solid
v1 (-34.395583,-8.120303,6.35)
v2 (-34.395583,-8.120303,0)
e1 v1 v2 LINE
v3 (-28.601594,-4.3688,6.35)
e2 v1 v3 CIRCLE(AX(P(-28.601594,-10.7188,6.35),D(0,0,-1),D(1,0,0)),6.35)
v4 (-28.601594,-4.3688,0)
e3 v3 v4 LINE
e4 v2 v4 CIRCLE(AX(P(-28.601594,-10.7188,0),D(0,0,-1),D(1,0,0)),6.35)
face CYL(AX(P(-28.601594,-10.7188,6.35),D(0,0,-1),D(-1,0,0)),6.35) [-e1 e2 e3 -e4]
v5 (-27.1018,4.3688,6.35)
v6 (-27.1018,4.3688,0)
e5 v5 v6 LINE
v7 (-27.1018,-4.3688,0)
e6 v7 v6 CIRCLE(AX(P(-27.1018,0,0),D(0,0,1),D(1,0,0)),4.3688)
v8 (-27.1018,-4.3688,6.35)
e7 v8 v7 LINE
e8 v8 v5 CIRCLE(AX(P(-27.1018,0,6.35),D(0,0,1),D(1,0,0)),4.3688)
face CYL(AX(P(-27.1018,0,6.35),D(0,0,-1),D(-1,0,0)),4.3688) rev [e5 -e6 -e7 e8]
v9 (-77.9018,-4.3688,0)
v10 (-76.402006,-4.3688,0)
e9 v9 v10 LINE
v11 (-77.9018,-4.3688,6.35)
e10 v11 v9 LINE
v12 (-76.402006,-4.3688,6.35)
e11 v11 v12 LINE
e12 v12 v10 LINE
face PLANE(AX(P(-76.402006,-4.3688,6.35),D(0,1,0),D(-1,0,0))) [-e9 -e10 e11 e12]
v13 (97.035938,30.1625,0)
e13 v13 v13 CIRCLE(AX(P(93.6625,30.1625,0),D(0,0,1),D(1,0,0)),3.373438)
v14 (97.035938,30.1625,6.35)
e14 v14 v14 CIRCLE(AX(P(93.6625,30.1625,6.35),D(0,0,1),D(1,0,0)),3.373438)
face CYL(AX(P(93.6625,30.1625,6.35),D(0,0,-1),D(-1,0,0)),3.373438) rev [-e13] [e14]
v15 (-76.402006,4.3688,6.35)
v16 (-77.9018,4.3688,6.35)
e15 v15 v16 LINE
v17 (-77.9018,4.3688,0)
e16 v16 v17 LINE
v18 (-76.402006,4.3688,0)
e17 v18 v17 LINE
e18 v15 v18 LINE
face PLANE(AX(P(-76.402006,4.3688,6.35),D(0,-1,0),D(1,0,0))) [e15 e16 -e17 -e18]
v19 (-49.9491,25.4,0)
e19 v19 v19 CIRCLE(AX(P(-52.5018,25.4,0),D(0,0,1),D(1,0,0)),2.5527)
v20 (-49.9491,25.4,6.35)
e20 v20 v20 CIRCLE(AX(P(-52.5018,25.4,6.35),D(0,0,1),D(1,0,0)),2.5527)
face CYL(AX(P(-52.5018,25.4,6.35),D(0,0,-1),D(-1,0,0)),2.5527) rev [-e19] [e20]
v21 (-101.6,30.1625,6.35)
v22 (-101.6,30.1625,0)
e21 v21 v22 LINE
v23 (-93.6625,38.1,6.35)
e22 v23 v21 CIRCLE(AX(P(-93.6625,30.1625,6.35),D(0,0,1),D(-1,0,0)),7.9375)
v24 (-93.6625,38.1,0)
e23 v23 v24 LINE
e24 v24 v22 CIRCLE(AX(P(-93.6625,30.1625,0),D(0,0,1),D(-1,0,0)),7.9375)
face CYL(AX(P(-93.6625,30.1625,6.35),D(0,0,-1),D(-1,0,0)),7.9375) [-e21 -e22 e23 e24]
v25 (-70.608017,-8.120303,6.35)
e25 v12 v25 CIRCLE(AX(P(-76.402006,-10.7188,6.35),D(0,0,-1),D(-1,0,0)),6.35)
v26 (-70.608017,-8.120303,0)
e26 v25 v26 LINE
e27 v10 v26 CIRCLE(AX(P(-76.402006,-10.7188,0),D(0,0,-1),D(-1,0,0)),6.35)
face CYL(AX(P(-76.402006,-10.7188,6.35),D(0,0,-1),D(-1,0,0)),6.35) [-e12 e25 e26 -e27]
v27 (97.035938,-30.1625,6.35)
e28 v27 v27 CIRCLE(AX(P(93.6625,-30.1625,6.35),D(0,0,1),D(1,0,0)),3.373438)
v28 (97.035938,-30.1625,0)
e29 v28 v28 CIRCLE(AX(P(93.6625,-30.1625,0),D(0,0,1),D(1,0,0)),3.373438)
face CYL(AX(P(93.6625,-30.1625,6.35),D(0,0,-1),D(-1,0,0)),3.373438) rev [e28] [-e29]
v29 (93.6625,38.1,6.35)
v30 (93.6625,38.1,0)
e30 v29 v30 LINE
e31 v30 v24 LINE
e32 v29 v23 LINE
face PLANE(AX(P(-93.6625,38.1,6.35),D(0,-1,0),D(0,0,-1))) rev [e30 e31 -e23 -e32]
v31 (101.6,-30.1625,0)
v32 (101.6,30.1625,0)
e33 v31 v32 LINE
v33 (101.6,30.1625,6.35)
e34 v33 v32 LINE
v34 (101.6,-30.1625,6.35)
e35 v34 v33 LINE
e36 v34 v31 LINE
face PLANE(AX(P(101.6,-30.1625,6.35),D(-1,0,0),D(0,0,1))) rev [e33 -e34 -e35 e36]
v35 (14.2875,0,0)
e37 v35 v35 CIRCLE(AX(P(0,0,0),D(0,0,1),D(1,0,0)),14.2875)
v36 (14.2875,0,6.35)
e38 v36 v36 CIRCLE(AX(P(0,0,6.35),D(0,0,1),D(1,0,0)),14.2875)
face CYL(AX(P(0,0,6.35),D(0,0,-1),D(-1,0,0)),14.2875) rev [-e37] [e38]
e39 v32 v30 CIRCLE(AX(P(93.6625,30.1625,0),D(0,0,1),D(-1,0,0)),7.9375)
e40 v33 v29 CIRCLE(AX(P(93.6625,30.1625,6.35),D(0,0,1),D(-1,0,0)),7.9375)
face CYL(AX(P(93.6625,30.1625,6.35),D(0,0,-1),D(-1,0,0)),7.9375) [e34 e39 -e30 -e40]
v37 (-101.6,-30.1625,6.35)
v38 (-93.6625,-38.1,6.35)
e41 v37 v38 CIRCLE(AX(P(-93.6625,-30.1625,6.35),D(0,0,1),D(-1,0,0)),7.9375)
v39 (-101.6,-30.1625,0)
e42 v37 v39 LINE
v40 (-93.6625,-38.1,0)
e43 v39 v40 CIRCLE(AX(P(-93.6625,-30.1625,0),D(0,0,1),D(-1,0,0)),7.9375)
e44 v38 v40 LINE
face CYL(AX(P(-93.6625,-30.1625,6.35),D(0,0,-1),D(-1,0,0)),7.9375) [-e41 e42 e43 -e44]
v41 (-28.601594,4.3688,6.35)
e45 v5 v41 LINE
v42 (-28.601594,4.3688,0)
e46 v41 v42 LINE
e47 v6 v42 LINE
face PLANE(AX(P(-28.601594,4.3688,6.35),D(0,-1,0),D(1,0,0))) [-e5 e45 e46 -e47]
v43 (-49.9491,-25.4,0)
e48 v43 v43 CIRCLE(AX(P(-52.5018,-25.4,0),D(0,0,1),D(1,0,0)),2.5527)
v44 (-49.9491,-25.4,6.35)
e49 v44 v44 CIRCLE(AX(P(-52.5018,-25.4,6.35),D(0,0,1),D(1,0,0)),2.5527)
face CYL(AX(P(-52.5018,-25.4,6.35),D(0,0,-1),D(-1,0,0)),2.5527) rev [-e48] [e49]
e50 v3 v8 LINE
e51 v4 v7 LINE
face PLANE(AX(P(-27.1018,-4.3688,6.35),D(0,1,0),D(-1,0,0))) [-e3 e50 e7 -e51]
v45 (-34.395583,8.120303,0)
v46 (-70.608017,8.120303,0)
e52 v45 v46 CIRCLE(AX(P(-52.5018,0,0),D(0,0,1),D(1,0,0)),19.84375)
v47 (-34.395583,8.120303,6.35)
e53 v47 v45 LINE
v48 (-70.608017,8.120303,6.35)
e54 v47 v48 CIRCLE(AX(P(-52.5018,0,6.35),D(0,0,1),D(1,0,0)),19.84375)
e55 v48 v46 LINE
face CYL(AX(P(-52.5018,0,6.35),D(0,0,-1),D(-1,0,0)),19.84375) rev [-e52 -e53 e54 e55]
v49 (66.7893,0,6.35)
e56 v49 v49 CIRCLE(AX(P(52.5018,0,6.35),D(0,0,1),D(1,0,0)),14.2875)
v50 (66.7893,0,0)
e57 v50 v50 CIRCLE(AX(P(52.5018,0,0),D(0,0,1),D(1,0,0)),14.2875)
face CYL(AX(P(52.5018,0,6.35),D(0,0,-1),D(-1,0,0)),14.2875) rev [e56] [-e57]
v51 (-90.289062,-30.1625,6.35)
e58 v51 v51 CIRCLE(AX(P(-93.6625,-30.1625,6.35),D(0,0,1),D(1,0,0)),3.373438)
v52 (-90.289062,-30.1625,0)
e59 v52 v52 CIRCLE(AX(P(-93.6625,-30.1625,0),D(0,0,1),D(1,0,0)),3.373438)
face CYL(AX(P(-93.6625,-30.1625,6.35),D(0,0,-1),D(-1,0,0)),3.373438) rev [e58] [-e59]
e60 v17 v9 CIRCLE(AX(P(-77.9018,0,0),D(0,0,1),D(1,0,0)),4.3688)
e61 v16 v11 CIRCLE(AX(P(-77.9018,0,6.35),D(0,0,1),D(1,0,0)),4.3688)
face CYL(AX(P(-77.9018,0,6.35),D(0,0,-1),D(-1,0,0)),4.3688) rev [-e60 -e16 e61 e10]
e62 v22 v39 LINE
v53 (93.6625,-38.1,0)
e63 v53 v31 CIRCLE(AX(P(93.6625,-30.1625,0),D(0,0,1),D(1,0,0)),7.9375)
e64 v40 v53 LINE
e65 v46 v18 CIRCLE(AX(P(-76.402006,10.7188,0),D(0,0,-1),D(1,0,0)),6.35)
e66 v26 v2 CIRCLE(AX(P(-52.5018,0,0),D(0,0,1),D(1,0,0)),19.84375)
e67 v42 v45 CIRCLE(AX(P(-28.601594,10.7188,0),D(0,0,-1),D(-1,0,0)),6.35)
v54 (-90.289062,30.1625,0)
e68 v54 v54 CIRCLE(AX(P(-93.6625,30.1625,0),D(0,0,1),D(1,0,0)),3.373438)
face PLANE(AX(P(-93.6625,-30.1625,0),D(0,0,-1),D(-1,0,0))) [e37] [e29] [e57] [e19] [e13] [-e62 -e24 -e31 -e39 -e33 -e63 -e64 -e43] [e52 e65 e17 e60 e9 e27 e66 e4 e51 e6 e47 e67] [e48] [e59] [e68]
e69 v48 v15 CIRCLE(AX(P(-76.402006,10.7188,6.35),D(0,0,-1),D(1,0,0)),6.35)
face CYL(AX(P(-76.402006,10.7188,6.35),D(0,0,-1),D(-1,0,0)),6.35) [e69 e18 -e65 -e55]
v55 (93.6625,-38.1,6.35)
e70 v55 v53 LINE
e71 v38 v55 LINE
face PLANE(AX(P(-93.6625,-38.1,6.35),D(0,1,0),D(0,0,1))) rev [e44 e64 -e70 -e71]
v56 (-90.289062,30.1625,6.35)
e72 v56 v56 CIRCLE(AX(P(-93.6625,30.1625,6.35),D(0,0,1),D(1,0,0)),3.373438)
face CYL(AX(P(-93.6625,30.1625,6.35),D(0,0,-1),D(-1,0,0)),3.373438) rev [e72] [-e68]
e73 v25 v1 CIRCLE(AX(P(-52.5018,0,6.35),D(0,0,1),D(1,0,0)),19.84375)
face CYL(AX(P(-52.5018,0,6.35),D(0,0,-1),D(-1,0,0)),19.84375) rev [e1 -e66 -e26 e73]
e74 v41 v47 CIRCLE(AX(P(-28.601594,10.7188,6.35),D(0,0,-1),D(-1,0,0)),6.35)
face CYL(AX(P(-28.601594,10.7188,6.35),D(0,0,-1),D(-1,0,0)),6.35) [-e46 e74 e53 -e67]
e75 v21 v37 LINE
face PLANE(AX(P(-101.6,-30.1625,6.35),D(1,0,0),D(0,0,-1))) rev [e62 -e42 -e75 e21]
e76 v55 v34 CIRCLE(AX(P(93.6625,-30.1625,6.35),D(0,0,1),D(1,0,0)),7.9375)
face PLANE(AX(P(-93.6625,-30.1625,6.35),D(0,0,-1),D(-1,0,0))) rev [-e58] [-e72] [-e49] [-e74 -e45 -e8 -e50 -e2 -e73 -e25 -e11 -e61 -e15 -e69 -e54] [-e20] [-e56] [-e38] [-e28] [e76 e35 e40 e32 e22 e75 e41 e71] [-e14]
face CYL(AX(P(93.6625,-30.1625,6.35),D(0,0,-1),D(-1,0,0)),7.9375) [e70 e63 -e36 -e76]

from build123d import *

# Parameters (mm, degrees)
SKETCH1_R           = 14.2875
SKETCH1_R_2         = 3.3734375
SKETCH1_R_3         = 2.5527
BOSS_EXTRUDE1_DEPTH = 6.35


with BuildPart() as part:
    # Sketch1 → Boss-Extrude1 (new body)
    with BuildSketch(Plane.XY):
        with BuildLine():
            Line((-93.6625, -38.1), (93.6625, -38.1))
            ThreePointArc((93.6625, -38.1), (99.275160076, -35.775160076), (101.6, -30.1625))
            Line((101.6, -30.1625), (101.6, 30.1625))
            ThreePointArc((101.6, 30.1625), (99.275160076, 35.775160076), (93.6625, 38.1))
            Line((93.6625, 38.1), (-93.6625, 38.1))
            ThreePointArc((-93.6625, 38.1), (-99.275160076, 35.775160076), (-101.6, 30.1625))
            Line((-101.6, 30.1625), (-101.6, -30.1625))
            ThreePointArc((-101.6, -30.1625), (-99.275160076, -35.775160076), (-93.6625, -38.1))
        make_face()
        Circle(SKETCH1_R, mode=Mode.SUBTRACT)
        with Locations((52.5018, 0)):
            Circle(SKETCH1_R, mode=Mode.SUBTRACT)
        with Locations((-93.6625, 30.1625)):
            Circle(SKETCH1_R_2, mode=Mode.SUBTRACT)
        with Locations((93.6625, 30.1625)):
            Circle(SKETCH1_R_2, mode=Mode.SUBTRACT)
        with Locations((93.6625, -30.1625)):
            Circle(SKETCH1_R_2, mode=Mode.SUBTRACT)
        with Locations((-93.6625, -30.1625)):
            Circle(SKETCH1_R_2, mode=Mode.SUBTRACT)
        with Locations((-52.5018, 25.4)):
            Circle(SKETCH1_R_3, mode=Mode.SUBTRACT)
        with Locations((-52.5018, -25.4)):
            Circle(SKETCH1_R_3, mode=Mode.SUBTRACT)
        with BuildLine():
            Line((-28.601593607, 4.3688), (-27.1018, 4.3688))
            ThreePointArc((-27.1018, 4.3688), (-22.733, 0), (-27.1018, -4.3688))
            Line((-27.1018, -4.3688), (-28.601593607, -4.3688))
            ThreePointArc((-28.601593607, -4.3688), (-32.052828476, -5.388558178), (-34.395583036, -8.12030303))
            ThreePointArc((-34.395583036, -8.12030303), (-52.5018, -19.84375), (-70.608016964, -8.12030303))
            ThreePointArc((-70.608016964, -8.12030303), (-72.950771524, -5.388558178), (-76.402006393, -4.3688))
            Line((-76.402006393, -4.3688), (-77.9018, -4.3688))
            ThreePointArc((-77.9018, -4.3688), (-82.2706, 0), (-77.9018, 4.3688))
            Line((-77.9018, 4.3688), (-76.402006393, 4.3688))
            ThreePointArc((-76.402006393, 4.3688), (-72.950771524, 5.388558178), (-70.608016964, 8.12030303))
            ThreePointArc((-70.608016964, 8.12030303), (-52.5018, 19.84375), (-34.395583036, 8.12030303))
            ThreePointArc((-34.395583036, 8.12030303), (-32.052828476, 5.388558178), (-28.601593607, 4.3688))
        make_face(mode=Mode.SUBTRACT)
    extrude(amount=BOSS_EXTRUDE1_DEPTH)


solid = part.part
